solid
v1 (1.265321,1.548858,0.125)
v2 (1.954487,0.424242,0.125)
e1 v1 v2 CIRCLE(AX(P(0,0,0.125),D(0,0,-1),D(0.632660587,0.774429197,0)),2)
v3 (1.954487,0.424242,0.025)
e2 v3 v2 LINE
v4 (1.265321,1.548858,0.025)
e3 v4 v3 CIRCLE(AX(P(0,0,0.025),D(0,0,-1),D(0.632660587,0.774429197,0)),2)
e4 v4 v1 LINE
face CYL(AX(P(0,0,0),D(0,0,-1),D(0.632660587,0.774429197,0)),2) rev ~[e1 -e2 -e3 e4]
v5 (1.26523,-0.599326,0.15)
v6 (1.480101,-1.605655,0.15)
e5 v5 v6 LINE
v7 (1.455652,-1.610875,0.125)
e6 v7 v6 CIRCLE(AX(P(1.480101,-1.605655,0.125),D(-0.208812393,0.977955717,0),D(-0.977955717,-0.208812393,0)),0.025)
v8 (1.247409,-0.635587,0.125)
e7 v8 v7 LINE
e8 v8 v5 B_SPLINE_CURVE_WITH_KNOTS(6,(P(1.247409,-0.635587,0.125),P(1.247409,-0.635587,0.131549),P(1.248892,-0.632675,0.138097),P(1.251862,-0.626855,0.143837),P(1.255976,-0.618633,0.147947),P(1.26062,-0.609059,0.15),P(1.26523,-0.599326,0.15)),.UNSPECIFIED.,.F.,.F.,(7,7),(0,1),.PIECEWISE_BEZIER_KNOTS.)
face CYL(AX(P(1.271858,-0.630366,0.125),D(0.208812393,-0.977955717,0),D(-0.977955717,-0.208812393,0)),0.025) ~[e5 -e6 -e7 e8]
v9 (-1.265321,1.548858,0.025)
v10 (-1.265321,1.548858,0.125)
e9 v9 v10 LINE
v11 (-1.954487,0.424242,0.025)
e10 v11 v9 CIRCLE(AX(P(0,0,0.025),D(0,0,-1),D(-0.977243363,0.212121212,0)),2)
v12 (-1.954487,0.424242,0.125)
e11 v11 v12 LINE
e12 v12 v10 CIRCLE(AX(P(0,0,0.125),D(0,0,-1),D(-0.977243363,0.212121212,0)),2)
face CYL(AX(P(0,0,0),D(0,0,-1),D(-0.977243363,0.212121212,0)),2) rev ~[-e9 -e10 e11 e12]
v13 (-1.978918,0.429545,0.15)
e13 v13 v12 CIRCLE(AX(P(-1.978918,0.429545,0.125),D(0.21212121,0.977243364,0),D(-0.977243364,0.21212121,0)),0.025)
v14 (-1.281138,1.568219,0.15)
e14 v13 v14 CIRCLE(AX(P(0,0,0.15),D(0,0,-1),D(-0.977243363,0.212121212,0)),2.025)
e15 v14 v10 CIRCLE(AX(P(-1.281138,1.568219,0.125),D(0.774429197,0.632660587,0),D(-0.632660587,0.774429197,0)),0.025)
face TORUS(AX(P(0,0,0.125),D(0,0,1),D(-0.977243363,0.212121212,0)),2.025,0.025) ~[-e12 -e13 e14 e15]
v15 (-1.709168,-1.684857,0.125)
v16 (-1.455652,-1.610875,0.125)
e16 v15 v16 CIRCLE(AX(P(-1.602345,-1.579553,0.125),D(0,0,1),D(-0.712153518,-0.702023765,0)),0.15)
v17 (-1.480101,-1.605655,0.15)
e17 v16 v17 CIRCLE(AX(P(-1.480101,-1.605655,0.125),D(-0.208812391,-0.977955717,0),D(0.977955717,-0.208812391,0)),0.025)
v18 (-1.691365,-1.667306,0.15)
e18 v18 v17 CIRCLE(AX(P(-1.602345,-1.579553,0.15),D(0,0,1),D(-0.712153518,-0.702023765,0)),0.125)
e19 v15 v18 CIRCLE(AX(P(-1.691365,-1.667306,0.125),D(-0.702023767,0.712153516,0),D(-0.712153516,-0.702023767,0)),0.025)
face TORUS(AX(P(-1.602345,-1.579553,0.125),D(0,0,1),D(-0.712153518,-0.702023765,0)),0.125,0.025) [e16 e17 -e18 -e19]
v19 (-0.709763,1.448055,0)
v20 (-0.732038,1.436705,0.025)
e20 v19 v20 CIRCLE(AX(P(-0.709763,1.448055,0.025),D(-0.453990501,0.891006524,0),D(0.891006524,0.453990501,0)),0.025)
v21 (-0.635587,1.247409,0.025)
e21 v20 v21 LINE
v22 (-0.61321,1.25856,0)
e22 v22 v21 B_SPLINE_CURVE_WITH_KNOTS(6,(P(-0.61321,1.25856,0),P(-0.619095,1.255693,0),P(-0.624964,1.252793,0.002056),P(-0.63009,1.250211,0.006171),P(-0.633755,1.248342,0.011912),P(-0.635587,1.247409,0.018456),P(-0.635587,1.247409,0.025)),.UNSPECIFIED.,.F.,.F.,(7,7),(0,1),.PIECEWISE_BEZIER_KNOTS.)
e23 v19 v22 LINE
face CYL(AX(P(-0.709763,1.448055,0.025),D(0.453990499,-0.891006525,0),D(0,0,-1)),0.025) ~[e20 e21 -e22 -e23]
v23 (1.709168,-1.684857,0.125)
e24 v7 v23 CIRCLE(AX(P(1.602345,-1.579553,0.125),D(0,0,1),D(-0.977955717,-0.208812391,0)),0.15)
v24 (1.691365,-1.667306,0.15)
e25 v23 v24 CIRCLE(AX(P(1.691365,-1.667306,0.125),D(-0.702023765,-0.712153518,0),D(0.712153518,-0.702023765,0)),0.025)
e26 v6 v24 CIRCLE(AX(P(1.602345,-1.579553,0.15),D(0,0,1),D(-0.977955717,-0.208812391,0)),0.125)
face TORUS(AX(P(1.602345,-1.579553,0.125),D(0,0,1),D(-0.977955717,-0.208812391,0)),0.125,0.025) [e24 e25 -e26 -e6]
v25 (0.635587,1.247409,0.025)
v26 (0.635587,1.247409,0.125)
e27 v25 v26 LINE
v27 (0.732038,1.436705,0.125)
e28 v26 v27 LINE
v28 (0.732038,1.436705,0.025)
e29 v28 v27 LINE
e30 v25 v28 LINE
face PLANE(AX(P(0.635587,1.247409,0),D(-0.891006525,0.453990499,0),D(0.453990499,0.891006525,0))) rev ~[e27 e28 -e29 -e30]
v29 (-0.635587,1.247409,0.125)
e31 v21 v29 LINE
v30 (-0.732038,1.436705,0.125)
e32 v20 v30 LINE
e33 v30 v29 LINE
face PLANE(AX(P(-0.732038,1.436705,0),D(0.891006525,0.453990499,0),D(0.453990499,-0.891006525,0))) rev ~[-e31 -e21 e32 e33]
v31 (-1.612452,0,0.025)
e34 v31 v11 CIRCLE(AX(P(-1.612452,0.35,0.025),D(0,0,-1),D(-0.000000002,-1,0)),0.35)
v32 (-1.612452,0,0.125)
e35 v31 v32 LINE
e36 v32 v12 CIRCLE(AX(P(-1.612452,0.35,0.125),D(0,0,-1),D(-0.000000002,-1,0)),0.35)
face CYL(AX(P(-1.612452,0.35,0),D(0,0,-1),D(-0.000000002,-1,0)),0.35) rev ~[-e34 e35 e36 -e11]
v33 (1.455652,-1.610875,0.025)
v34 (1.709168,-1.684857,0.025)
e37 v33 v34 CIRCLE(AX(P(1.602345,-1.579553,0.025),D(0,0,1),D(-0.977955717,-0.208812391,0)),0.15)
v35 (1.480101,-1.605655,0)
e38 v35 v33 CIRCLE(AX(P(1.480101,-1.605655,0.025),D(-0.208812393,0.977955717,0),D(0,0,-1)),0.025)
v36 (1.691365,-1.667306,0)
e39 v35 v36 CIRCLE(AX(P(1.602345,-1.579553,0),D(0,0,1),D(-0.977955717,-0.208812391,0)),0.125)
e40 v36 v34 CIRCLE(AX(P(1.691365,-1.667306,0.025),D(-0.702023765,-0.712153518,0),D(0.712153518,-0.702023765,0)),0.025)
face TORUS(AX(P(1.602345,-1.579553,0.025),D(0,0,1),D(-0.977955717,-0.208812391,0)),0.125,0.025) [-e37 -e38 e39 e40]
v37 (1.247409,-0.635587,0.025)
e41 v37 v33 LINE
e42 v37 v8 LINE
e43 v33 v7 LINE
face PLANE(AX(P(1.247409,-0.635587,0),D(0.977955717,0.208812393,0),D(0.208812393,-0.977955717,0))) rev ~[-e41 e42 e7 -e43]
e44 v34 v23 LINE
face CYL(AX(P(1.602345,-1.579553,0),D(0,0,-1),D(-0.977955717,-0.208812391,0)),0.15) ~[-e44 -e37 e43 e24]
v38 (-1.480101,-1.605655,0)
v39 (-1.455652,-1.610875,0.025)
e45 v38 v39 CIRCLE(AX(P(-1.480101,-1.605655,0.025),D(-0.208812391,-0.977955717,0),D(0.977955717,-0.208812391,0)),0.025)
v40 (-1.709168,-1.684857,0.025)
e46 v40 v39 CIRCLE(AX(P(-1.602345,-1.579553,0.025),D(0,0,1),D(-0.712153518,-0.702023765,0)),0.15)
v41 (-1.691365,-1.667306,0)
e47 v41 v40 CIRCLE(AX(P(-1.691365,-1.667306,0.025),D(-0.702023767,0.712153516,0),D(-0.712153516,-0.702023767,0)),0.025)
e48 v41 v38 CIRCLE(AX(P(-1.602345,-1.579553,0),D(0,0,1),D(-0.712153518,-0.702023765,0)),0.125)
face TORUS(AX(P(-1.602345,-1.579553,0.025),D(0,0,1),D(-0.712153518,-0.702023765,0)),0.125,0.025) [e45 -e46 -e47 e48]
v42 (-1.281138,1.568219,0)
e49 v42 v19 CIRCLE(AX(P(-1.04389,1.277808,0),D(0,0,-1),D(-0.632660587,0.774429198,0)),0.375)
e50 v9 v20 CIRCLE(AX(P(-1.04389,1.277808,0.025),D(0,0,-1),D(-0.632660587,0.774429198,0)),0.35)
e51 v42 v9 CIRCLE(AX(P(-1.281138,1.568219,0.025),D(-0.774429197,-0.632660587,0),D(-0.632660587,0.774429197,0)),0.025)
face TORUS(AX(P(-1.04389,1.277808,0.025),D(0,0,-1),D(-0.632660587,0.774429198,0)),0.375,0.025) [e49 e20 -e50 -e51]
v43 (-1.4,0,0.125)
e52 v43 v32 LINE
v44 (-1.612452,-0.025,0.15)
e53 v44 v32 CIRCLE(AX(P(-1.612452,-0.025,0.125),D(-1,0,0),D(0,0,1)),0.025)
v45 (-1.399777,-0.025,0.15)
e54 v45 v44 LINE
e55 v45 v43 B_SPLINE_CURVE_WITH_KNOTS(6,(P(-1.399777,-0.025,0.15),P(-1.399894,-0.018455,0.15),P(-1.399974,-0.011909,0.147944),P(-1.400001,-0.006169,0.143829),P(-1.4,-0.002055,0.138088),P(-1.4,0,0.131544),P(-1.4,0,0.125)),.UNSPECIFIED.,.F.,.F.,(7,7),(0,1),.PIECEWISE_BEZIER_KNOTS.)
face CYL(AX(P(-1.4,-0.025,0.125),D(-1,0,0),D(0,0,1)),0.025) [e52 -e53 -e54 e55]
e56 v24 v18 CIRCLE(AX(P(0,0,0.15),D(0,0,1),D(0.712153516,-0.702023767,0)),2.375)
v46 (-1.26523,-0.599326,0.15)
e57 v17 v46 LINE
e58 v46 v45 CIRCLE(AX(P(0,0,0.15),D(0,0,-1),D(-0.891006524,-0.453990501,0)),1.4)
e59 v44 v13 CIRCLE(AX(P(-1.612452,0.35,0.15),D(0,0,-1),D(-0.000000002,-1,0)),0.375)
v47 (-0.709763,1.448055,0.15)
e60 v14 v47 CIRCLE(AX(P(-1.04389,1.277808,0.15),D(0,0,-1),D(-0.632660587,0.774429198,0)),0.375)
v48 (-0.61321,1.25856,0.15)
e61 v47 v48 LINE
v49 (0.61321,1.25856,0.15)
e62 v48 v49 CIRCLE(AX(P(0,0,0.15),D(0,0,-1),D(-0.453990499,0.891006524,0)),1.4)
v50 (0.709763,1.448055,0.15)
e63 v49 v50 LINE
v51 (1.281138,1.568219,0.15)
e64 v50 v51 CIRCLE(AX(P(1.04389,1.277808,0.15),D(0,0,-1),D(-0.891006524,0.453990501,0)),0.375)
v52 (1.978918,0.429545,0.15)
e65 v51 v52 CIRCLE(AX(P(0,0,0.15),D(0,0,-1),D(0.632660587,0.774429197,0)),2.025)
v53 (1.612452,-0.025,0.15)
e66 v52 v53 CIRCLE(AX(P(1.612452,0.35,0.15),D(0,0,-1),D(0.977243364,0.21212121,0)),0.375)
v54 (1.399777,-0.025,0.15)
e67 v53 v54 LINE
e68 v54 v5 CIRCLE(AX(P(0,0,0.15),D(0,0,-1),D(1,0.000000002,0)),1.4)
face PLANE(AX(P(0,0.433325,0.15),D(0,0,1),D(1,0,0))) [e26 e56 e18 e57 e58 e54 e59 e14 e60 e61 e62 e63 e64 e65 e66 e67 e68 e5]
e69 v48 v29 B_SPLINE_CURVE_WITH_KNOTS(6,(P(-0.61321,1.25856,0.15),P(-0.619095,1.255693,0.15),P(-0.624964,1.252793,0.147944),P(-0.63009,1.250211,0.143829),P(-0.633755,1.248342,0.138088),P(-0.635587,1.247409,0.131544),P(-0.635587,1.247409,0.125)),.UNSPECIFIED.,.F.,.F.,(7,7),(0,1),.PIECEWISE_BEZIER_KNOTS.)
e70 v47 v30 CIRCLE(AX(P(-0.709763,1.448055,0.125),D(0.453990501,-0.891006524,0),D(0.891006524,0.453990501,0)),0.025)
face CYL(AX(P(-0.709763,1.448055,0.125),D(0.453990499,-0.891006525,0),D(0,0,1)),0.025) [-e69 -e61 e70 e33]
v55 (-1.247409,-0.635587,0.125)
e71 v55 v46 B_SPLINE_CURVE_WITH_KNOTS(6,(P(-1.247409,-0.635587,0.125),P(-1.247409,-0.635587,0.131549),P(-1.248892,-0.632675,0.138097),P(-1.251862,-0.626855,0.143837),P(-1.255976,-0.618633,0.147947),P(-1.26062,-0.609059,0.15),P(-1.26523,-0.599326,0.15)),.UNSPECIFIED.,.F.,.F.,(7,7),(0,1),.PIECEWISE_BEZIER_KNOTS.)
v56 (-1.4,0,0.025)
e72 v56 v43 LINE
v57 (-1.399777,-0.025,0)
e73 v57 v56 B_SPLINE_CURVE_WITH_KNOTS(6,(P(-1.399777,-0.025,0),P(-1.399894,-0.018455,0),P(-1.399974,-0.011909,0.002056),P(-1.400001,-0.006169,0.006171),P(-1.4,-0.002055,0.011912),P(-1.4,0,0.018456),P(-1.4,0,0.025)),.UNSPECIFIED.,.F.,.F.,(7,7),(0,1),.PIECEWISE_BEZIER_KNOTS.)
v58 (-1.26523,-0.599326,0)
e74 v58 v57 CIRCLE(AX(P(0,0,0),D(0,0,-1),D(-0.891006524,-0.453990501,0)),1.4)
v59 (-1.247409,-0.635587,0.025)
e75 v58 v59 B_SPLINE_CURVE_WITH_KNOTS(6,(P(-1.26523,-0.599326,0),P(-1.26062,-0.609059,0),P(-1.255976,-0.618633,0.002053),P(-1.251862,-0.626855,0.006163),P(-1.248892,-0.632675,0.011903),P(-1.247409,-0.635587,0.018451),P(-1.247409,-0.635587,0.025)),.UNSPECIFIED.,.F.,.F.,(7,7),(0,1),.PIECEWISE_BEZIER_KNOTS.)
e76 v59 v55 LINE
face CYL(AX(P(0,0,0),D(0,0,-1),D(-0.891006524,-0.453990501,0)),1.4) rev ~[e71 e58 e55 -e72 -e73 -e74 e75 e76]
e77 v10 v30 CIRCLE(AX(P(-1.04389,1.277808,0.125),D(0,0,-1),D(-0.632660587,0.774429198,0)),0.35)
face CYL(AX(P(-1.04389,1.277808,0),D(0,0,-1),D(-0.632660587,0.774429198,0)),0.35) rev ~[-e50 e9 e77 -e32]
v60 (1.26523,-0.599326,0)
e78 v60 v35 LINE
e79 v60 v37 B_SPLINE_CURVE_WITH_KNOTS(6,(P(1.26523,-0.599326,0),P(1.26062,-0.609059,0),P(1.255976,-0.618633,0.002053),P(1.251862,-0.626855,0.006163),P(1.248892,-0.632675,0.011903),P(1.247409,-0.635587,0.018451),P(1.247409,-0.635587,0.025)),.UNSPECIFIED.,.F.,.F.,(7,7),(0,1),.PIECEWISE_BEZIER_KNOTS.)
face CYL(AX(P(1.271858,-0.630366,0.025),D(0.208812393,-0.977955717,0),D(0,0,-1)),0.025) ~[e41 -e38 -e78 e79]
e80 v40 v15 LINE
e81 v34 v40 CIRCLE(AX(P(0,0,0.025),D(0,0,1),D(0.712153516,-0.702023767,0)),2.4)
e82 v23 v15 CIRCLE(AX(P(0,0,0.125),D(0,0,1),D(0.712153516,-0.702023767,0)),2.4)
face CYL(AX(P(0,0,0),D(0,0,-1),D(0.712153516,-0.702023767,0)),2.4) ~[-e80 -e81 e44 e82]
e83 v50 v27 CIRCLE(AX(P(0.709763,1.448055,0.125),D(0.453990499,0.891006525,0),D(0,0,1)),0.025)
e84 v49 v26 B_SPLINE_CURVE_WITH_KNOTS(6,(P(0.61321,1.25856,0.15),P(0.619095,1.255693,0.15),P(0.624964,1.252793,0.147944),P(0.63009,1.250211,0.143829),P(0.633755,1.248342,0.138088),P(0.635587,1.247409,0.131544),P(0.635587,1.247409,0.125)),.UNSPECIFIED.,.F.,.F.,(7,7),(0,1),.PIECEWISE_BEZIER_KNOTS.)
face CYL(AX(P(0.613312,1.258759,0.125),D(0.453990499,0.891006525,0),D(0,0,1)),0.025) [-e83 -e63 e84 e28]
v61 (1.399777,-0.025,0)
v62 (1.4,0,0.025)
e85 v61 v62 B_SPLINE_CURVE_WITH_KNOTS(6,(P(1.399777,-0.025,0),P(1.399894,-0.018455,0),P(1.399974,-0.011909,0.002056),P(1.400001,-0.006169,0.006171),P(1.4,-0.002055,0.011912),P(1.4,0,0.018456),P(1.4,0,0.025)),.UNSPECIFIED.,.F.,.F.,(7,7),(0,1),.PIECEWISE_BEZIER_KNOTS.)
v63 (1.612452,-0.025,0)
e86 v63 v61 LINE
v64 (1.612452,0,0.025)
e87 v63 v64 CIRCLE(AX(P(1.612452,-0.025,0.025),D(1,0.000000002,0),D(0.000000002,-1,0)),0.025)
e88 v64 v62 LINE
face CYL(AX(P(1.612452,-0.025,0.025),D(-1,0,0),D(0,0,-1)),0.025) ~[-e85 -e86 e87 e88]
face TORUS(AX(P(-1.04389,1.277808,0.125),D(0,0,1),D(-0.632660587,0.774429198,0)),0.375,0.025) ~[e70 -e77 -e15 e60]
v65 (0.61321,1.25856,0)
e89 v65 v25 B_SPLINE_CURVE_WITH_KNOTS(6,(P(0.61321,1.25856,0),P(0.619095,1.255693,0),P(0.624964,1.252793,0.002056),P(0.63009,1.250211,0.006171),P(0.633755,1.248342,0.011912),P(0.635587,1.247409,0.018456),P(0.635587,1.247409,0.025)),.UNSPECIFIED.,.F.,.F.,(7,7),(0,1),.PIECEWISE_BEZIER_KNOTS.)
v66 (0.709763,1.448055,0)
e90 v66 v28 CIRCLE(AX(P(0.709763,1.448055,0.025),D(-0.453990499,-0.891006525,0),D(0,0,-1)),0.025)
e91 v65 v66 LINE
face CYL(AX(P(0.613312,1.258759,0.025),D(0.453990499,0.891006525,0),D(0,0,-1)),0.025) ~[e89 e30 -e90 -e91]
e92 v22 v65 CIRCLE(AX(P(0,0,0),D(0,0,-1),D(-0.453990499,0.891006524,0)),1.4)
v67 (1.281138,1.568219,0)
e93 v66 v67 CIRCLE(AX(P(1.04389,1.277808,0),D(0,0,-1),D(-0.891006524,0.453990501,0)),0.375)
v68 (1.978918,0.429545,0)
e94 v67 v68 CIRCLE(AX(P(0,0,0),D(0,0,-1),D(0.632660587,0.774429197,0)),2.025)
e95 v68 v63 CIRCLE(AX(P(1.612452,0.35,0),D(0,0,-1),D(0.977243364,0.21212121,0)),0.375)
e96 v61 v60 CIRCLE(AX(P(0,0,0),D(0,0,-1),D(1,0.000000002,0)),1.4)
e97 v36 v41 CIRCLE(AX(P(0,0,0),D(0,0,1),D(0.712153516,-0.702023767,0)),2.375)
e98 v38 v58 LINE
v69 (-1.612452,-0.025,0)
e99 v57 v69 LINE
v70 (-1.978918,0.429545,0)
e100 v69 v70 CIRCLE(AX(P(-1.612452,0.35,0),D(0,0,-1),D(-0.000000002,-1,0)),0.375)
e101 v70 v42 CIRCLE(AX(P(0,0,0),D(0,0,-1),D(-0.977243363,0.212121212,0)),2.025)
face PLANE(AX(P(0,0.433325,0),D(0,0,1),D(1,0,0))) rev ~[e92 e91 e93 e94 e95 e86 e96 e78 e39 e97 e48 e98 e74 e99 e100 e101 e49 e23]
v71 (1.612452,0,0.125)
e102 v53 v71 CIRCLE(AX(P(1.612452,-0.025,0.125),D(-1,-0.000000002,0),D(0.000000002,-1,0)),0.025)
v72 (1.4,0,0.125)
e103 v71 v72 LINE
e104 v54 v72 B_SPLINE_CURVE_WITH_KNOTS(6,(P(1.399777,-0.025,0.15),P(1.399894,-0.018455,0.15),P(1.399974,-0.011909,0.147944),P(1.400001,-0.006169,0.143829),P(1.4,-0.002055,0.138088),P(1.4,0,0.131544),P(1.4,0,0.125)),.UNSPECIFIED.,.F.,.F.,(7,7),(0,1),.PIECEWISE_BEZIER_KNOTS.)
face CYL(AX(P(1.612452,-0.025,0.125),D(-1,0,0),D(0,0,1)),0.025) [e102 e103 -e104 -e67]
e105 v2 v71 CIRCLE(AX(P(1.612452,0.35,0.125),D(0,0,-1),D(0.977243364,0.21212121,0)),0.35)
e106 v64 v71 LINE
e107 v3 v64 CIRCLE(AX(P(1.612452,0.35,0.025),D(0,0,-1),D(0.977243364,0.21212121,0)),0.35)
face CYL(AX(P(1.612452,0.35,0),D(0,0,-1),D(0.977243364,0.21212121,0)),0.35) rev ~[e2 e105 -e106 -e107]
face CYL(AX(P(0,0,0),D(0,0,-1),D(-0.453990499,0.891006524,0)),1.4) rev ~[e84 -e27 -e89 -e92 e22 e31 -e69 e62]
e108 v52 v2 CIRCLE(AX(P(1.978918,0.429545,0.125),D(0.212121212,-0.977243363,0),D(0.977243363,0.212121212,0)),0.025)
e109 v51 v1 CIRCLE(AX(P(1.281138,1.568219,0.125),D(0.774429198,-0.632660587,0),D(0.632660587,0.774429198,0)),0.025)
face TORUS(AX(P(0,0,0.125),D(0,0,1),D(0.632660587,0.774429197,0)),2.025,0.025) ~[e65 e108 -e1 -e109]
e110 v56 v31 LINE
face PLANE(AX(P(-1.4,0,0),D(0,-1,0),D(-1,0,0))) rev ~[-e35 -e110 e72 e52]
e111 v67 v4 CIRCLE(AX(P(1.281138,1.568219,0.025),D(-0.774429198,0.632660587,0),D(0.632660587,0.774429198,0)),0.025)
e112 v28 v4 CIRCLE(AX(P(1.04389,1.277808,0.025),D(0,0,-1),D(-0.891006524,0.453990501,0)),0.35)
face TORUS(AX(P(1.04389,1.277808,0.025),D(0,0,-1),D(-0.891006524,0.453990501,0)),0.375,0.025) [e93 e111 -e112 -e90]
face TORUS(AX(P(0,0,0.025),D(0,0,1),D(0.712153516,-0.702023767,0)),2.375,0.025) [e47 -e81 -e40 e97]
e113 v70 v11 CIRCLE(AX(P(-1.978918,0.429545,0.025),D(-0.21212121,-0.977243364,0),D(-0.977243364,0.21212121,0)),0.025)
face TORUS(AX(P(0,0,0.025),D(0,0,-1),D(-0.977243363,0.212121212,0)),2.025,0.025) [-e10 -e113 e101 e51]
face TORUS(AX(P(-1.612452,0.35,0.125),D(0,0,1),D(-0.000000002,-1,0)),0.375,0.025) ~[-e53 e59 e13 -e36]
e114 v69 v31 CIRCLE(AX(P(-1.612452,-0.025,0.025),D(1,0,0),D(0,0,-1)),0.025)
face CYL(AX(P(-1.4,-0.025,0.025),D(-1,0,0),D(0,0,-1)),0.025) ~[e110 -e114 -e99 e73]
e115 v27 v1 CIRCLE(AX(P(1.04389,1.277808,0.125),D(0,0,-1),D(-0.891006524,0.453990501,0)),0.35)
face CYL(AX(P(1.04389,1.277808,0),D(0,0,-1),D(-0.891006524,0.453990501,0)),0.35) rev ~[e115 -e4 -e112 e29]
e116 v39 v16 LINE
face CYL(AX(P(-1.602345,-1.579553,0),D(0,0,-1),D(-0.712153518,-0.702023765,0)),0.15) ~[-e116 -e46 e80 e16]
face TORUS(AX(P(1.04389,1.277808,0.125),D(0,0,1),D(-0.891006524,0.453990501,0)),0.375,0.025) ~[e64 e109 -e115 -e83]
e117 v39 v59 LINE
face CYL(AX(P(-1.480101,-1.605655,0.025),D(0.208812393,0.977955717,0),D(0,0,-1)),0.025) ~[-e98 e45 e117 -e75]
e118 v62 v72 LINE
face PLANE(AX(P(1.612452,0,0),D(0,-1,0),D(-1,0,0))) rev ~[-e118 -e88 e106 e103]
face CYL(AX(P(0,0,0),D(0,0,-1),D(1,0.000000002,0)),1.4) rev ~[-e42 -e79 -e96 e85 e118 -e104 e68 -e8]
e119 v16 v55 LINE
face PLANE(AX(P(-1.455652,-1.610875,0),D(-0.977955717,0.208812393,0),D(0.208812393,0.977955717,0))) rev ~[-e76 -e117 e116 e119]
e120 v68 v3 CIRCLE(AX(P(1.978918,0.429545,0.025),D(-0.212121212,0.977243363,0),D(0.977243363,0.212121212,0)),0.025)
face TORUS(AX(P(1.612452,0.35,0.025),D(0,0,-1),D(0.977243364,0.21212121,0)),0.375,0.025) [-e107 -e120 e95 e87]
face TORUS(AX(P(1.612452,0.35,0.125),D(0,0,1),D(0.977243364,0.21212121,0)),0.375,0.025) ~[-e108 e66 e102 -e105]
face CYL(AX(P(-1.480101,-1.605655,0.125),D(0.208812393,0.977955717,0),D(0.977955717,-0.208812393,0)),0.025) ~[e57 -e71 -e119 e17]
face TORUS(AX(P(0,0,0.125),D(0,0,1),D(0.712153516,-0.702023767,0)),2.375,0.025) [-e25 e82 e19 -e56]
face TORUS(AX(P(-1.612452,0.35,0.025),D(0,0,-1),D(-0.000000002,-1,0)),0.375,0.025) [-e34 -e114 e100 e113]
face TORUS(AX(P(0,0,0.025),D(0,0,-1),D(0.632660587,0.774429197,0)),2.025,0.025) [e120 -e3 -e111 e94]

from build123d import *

# Parameters (mm, degrees)
BOSS_EXTRUDE1_DEPTH = 0.15
FILLET1_R           = 0.025
FILLET2_R           = 0.025


with BuildPart() as part:
    # Sketch1 → Boss-Extrude1 (new body)
    with BuildSketch(Plane.XY):
        with BuildLine():
            Line((-1.4, 0), (-1.61245155, 0))
            ThreePointArc((-1.61245155, 0), (-1.88492618, 0.13032393), (-1.954486727, 0.424242424))
            ThreePointArc((-1.954486727, 0.424242424), (-1.705280329, 1.044997129), (-1.265321174, 1.548858395))
            ThreePointArc((-1.265321174, 1.548858395), (-0.97185805, 1.620315698), (-0.732037685, 1.436704851))
            Line((-0.732037685, 1.436704851), (-0.6355867, 1.247409134))
            ThreePointArc((-0.6355867, 1.247409134), (0, 1.4), (0.6355867, 1.247409134))
            Line((0.6355867, 1.247409134), (0.732037685, 1.436704851))
            ThreePointArc((0.732037685, 1.436704851), (0.97185805, 1.620315698), (1.265321174, 1.548858395))
            ThreePointArc((1.265321174, 1.548858395), (1.705280329, 1.044997129), (1.954486727, 0.424242424))
            ThreePointArc((1.954486727, 0.424242424), (1.88492618, 0.13032393), (1.61245155, 0))
            Line((1.61245155, 0), (1.4, 0))
            ThreePointArc((1.4, 0), (1.361317889, -0.326823509), (1.247409134, -0.6355867))
            Line((1.247409134, -0.6355867), (1.455652054, -1.610875335))
            ThreePointArc((1.455652054, -1.610875335), (1.560324773, -1.723547455), (1.709168439, -1.684857041))
            ThreePointArc((1.709168439, -1.684857041), (0, 2.4), (-1.709168439, -1.684857041))
            ThreePointArc((-1.709168439, -1.684857041), (-1.560324773, -1.723547455), (-1.455652054, -1.610875335))
            Line((-1.455652054, -1.610875335), (-1.247409134, -0.6355867))
            ThreePointArc((-1.247409134, -0.6355867), (-1.361317889, -0.326823509), (-1.4, 0))
        make_face()
    extrude(amount=BOSS_EXTRUDE1_DEPTH)

    # Fillet1
    fillet1_edges = [part.edges().sort_by_distance(p)[0] for p in [
        (1.560324773, -1.723547455, 0.15),
        (0, 2.4, 0.15),
        (-1.560324773, -1.723547455, 0.15),
        (-1.351530594, -1.123231017, 0.15),
        (1.351530594, -1.123231017, 0.15),
    ]]
    fillet(fillet1_edges, radius=FILLET1_R)

    # Fillet2
    fillet2_edges = [part.edges().sort_by_distance(p)[0] for p in [
        (1.506225775, 0, 0),
        (1.88492618, 0.13032393, 0),
        (1.705280329, 1.044997129, 0),
        (0.97185805, 1.620315698, 0),
        (0.683812192, 1.342056992, 0),
        (-0.683812192, 1.342056992, 0),
        (-0.97185805, 1.620315698, 0),
        (-1.705280329, 1.044997129, 0),
        (-1.88492618, 0.13032393, 0),
        (-1.506225775, 0, 0),
        (-1.351530594, -1.123231017, 0),
        (-1.560324773, -1.723547455, 0),
        (0, 2.4, 0),
        (1.560324773, -1.723547455, 0),
        (1.351530594, -1.123231017, 0),
        (-1.506225775, 0, 0.15),
        (-1.88492618, 0.13032393, 0.15),
        (-1.705280329, 1.044997129, 0.15),
        (-0.97185805, 1.620315698, 0.15),
        (-0.683812192, 1.342056992, 0.15),
        (0.683812192, 1.342056992, 0.15),
        (0.97185805, 1.620315698, 0.15),
        (1.705280329, 1.044997129, 0.15),
        (1.88492618, 0.13032393, 0.15),
        (1.506225775, 0, 0.15),
    ]]
    fillet(fillet2_edges, radius=FILLET2_R)


solid = part.part
